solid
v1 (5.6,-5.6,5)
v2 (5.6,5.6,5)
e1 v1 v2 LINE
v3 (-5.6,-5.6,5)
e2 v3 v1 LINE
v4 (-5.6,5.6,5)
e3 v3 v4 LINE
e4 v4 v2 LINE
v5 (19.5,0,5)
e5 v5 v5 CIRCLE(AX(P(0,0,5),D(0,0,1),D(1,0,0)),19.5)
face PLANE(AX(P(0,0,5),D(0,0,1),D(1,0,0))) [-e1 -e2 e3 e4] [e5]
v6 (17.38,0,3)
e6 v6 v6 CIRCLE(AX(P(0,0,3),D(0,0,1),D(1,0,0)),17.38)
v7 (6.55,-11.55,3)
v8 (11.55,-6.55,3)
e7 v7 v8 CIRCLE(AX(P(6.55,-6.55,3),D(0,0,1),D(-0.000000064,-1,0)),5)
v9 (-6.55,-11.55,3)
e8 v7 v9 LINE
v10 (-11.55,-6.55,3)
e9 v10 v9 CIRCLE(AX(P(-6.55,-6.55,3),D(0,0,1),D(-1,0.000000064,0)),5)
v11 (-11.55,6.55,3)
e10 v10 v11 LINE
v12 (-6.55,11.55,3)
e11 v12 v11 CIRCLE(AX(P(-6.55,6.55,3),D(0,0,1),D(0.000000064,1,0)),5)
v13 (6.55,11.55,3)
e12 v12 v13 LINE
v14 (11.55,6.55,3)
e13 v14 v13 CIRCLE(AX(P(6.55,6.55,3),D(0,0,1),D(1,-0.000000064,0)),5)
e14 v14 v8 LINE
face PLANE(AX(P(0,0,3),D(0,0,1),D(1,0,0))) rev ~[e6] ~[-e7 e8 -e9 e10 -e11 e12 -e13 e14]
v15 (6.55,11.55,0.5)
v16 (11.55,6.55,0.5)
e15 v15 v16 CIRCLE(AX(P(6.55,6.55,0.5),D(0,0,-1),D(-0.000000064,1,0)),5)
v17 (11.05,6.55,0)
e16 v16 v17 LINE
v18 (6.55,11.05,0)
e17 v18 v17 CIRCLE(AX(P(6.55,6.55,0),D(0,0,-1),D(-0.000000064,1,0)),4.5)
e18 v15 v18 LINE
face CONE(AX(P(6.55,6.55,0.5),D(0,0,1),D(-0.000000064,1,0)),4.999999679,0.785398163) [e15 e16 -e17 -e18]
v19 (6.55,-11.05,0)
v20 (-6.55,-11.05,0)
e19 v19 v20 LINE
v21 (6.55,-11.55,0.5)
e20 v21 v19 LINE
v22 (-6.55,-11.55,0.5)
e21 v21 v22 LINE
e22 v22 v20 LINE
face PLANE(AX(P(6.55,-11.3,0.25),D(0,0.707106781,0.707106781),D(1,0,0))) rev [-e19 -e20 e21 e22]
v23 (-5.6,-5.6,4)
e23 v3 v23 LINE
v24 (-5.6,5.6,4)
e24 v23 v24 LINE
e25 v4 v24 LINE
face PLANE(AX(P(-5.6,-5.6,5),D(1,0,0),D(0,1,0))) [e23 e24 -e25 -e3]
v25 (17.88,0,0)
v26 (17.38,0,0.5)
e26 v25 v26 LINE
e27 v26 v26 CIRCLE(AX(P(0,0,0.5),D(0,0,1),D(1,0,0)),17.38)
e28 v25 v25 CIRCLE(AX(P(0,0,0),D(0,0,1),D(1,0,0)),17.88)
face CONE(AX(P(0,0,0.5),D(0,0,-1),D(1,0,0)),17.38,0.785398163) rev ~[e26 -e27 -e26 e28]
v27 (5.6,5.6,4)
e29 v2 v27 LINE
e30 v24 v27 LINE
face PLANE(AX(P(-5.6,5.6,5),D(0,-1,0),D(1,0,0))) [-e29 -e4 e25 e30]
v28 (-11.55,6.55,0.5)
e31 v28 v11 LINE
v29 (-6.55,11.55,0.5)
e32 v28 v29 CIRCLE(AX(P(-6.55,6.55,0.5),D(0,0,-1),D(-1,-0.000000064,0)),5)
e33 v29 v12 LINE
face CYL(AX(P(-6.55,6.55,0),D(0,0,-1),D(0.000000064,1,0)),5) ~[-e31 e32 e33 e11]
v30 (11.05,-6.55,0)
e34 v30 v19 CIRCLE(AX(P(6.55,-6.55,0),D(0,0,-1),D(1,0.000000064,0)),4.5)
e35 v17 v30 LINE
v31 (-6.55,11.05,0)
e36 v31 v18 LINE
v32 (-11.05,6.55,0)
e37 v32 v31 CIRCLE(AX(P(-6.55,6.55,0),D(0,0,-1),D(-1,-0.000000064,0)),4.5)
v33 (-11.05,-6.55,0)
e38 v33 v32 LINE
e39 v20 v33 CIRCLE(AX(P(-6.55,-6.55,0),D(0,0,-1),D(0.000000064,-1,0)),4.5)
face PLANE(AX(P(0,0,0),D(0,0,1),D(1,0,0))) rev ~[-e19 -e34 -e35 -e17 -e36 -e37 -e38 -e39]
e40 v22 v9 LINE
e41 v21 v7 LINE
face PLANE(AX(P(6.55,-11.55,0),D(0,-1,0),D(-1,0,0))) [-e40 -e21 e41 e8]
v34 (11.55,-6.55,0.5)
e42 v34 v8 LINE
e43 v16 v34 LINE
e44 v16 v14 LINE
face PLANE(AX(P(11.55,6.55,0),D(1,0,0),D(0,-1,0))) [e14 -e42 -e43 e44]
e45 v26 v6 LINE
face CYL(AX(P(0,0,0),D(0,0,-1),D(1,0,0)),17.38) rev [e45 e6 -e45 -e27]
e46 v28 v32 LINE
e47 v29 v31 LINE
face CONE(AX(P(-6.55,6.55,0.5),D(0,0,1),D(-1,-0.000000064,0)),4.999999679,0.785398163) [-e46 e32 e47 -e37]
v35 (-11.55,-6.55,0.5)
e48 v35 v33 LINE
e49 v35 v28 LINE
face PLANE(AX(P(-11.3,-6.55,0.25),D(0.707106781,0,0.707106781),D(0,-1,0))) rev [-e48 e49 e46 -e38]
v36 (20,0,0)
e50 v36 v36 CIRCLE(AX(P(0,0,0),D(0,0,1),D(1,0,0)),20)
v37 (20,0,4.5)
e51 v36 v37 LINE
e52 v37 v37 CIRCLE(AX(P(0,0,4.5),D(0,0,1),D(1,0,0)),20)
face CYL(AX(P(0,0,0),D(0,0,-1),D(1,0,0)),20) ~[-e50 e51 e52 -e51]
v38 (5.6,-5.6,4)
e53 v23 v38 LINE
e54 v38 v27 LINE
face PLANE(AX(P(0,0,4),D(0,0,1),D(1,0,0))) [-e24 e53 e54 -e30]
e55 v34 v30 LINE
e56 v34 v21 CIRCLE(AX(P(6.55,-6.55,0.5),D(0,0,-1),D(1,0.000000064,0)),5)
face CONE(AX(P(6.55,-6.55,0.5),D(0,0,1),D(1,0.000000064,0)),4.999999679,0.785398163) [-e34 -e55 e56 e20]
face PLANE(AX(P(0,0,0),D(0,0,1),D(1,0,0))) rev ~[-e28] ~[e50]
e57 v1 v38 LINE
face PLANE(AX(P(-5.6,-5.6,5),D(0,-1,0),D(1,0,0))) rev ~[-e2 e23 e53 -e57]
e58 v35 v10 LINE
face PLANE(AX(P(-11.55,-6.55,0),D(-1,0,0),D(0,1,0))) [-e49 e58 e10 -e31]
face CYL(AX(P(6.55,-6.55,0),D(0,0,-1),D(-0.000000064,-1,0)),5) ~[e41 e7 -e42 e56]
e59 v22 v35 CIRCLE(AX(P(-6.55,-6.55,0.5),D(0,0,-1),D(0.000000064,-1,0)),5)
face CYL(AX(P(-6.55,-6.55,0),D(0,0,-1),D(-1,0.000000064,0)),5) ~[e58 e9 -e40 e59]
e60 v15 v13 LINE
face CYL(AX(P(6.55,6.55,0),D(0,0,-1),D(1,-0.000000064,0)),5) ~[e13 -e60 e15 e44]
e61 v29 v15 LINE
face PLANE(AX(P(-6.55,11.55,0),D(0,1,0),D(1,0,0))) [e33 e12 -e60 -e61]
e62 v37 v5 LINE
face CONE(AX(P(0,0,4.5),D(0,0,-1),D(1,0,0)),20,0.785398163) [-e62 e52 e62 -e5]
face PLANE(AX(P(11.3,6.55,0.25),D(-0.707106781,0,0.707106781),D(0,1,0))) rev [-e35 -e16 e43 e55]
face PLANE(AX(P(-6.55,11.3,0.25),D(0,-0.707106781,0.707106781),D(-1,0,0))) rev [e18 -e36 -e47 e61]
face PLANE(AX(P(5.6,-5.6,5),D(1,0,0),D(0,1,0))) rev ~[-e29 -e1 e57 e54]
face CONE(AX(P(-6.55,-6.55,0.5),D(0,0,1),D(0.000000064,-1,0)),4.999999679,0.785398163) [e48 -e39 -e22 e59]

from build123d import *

# Parameters (mm, degrees)
SKETCH001_R     = 20
PAD_DEPTH       = 5
SKETCH_R        = 17.38
POCKET_DEPTH    = 3
CHAMFER_SIZE    = 0.5
SKETCH002_W     = 11.2
SKETCH002_H     = 11.2
POCKET001_DEPTH = 1


with BuildPart() as part:
    # Sketch001 → Pad (new body)
    with BuildSketch(Plane.XY):
        Circle(SKETCH001_R)
    extrude(amount=PAD_DEPTH)

    # Sketch → Pocket (cut)
    with BuildSketch(Plane.XY):
        Circle(SKETCH_R)
        with BuildLine():
            ThreePointArc((-6.55, 11.55), (-10.085534, 10.085534), (-11.55, 6.55))
            Line((-11.55, -6.55), (-11.55, 6.55))
            ThreePointArc((-11.55, -6.55), (-10.085534, -10.085534), (-6.55, -11.55))
            Line((6.55, -11.55), (-6.55, -11.55))
            ThreePointArc((6.55, -11.55), (10.085534, -10.085534), (11.55, -6.55))
            Line((11.55, 6.55), (11.55, -6.55))
            ThreePointArc((11.55, 6.55), (10.085534, 10.085534), (6.55, 11.55))
            Line((-6.55, 11.55), (6.55, 11.55))
        make_face(mode=Mode.SUBTRACT)
    extrude(amount=POCKET_DEPTH, mode=Mode.SUBTRACT)

    # Chamfer
    chamfer_edges = [part.edges().sort_by_distance(p)[0] for p in [
        (0, 11.55, 0),
        (10.085534, 10.085534, 0),
        (11.55, 0, 0),
        (10.085534, -10.085534, 0),
        (0, -11.55, 0),
        (-10.085534, -10.085534, 0),
        (-11.55, 0, 0),
        (-10.085534, 10.085534, 0),
        (-17.38, 0, 0),
        (-20, 0, 5),
    ]]
    chamfer(chamfer_edges, length=CHAMFER_SIZE)

    # Sketch002 (on DatumPlane) → Pocket001 (cut)
    with BuildSketch(Plane.XY.offset(5)):
        Rectangle(SKETCH002_W, SKETCH002_H)
    extrude(amount=-POCKET001_DEPTH, mode=Mode.SUBTRACT)


solid = part.part
